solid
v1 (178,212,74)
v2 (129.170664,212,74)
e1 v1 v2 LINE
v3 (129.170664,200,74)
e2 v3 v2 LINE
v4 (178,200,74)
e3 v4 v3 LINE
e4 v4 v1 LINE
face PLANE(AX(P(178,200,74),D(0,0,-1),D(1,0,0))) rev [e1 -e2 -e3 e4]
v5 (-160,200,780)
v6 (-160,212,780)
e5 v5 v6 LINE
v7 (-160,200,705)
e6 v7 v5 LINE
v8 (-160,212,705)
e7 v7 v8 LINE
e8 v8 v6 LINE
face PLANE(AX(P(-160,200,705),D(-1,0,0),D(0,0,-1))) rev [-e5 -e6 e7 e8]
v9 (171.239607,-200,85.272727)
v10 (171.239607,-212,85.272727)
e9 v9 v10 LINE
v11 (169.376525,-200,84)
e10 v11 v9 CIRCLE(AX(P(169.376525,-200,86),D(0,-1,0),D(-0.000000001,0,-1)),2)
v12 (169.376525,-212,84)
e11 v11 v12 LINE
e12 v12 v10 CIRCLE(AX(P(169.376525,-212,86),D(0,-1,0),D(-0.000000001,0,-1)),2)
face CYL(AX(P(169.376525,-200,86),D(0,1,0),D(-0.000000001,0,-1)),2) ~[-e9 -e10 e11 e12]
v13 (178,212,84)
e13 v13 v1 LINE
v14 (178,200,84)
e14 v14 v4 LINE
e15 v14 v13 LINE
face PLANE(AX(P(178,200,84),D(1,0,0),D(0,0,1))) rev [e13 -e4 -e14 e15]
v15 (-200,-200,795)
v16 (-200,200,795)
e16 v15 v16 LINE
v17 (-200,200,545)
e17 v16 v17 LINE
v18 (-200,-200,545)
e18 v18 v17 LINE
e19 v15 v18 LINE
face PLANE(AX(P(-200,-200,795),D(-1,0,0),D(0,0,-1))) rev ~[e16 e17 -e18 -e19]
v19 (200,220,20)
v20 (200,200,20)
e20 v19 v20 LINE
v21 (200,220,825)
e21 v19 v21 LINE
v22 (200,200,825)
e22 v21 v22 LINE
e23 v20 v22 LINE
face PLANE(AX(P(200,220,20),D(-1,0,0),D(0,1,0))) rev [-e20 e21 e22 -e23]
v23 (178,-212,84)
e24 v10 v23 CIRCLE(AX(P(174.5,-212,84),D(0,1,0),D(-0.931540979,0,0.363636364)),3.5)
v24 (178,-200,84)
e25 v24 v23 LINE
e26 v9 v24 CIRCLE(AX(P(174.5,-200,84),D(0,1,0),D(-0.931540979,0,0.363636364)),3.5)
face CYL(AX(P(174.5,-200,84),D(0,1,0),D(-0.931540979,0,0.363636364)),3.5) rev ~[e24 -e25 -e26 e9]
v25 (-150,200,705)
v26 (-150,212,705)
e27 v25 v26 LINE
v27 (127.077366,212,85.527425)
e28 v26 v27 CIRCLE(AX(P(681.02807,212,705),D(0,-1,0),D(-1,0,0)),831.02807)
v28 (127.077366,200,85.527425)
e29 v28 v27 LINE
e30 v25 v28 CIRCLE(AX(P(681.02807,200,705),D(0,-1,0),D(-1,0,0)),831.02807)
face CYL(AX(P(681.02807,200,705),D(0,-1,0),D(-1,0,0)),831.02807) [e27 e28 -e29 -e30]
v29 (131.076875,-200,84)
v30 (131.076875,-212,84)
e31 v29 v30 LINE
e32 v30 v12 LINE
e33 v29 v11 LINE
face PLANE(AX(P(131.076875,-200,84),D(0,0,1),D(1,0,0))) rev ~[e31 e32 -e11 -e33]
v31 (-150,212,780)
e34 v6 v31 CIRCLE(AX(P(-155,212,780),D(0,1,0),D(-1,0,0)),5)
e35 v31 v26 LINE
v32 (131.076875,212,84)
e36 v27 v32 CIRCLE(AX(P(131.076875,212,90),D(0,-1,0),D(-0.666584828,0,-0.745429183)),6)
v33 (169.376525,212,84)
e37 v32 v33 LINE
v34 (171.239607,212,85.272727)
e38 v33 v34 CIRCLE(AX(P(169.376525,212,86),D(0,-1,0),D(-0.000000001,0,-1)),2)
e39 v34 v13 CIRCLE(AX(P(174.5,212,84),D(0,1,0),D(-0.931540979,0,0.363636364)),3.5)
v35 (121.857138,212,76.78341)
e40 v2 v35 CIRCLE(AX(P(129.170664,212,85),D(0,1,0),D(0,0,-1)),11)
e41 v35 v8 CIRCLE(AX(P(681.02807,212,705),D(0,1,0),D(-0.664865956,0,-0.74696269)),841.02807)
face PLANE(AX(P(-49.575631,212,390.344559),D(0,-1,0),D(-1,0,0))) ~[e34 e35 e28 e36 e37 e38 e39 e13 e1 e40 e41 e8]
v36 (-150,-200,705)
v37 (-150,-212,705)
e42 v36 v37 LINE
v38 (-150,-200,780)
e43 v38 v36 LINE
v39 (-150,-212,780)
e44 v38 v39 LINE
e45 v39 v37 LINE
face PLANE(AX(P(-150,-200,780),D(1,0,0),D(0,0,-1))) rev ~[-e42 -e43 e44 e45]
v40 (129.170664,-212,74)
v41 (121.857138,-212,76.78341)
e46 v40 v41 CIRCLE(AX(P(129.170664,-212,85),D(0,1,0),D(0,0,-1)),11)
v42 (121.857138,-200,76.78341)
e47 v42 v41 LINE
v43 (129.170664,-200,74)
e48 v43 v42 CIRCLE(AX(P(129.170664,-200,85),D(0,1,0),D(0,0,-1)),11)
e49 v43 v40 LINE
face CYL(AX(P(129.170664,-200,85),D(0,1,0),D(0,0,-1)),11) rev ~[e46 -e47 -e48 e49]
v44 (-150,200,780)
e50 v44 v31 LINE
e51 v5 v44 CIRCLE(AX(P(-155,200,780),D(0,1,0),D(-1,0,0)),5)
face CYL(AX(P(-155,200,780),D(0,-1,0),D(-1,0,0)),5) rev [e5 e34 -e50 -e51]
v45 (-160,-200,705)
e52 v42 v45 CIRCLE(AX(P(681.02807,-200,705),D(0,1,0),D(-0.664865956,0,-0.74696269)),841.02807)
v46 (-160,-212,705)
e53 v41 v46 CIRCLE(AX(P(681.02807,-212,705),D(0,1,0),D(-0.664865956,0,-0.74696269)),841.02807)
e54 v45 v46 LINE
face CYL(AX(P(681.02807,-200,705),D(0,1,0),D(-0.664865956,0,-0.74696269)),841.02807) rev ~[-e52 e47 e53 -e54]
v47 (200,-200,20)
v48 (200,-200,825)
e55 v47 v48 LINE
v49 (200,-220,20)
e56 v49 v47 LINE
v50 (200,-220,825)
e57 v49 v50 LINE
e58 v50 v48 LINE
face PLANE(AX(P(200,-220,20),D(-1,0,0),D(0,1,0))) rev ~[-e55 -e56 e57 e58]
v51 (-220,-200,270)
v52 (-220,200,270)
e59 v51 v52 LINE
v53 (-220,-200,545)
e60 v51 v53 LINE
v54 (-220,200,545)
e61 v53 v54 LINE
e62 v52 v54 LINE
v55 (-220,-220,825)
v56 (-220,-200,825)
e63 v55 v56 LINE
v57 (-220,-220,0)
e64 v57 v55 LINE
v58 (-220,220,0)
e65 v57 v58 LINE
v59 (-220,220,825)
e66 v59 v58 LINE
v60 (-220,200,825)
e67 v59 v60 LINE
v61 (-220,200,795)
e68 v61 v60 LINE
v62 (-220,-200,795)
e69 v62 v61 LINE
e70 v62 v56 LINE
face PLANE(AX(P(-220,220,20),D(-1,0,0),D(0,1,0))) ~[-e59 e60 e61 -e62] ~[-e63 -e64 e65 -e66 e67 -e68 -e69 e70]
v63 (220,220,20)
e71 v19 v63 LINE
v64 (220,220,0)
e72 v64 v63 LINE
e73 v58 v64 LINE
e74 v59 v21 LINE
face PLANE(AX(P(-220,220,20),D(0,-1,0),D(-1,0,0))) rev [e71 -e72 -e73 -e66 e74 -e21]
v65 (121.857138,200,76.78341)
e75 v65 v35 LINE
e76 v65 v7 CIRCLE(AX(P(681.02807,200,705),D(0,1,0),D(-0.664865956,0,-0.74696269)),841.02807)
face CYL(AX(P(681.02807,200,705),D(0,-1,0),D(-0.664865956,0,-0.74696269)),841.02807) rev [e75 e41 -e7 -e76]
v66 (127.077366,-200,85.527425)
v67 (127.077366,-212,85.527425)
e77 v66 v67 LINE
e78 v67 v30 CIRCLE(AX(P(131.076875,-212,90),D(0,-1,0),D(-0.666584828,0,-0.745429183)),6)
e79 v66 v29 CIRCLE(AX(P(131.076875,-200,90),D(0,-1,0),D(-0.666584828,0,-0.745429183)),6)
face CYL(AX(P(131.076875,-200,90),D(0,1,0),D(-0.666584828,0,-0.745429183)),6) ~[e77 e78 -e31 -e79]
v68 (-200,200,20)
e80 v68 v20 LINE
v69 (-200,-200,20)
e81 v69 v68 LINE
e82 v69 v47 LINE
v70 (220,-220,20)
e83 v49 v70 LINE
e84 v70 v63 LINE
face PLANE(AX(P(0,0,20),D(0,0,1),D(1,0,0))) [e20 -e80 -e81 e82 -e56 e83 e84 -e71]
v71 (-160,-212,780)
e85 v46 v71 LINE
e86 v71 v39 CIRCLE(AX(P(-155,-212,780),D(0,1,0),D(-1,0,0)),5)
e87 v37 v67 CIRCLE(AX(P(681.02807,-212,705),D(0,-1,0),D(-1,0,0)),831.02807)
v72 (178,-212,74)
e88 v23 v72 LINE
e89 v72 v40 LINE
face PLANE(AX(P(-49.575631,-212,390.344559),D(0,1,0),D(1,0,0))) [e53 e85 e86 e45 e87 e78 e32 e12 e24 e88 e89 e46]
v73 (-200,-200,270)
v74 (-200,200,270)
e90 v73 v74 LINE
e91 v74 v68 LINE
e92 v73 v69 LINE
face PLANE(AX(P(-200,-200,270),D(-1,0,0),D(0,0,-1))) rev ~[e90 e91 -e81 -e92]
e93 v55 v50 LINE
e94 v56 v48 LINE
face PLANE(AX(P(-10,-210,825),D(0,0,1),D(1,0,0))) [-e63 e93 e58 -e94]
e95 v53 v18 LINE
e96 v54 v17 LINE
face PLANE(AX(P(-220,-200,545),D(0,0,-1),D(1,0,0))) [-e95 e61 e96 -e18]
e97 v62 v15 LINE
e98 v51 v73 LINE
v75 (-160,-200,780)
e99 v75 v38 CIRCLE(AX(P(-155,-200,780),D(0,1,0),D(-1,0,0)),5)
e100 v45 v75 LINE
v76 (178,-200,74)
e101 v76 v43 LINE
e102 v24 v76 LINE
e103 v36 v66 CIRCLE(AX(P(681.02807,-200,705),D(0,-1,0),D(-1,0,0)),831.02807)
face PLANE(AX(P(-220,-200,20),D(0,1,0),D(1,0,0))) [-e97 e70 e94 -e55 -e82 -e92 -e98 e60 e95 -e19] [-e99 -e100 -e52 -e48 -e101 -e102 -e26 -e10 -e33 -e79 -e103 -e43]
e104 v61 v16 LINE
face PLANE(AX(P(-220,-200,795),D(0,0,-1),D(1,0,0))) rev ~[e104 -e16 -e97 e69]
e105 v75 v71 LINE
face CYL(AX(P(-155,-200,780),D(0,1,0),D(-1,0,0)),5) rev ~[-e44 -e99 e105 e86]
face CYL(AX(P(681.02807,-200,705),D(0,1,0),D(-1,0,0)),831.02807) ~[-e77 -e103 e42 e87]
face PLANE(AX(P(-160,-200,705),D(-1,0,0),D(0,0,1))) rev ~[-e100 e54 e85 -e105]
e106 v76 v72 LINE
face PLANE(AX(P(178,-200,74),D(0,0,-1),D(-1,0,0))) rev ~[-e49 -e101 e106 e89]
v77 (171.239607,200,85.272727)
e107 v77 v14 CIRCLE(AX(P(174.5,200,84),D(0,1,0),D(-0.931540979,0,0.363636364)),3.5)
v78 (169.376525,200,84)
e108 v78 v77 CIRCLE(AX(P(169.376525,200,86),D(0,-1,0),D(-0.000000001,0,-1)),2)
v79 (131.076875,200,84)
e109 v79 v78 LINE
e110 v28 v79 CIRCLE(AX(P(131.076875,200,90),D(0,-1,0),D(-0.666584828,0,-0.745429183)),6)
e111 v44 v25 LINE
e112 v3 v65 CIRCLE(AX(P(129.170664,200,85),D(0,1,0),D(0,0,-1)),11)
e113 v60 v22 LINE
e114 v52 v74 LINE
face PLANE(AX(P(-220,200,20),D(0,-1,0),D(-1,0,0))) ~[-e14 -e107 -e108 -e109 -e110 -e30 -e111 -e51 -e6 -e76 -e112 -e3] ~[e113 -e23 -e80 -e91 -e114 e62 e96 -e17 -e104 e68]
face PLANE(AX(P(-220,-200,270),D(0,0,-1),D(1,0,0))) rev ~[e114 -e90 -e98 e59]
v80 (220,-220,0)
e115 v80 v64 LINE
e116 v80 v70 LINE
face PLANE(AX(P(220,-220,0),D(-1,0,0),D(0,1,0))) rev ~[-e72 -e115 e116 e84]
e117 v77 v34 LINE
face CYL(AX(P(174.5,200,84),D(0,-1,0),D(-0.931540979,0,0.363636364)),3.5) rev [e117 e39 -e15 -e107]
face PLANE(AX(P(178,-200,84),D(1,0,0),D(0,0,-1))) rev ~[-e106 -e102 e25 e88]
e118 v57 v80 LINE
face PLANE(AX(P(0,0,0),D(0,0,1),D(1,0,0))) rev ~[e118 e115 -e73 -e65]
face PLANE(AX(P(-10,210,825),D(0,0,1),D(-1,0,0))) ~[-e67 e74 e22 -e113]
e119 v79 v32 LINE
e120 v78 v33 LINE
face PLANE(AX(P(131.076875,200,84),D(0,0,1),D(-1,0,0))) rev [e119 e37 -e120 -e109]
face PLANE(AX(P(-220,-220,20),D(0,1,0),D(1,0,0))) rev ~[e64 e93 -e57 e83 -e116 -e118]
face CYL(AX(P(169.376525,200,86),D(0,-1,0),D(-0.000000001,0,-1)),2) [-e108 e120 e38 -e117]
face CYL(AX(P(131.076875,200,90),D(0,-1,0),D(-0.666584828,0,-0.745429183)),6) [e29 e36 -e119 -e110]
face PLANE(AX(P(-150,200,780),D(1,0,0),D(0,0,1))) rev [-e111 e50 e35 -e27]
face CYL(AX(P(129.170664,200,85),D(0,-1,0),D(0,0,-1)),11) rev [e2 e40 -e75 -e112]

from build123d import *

# Parameters (mm, degrees)
SKETCH1_W           = 440
SKETCH1_H           = 440
BOSS_EXTRUDE1_DEPTH = 20
SKETCH2_W           = 420
SKETCH2_H           = 20
BOSS_EXTRUDE2_DEPTH = 805
SKETCH3_W           = 20
SKETCH3_H           = 250
BOSS_EXTRUDE3_DEPTH = 400
SKETCH4_W           = 20
SKETCH4_H           = 250
BOSS_EXTRUDE4_DEPTH = 400
CUT_EXTRUDE1_DEPTH  = 12


with BuildPart() as part:
    # Sketch1 → Boss-Extrude1 (new body)
    with BuildSketch(Plane.XY):
        Rectangle(SKETCH1_W, SKETCH1_H)
    extrude(amount=BOSS_EXTRUDE1_DEPTH)

    # Sketch2 → Boss-Extrude2 (add)
    with BuildSketch(Plane.XY.offset(20)):
        with Locations((-10, -210)):
            Rectangle(SKETCH2_W, SKETCH2_H)
    boss_extrude2 = extrude(amount=BOSS_EXTRUDE2_DEPTH)

    # Sketch3 → Boss-Extrude3 (add)
    with BuildSketch(Plane(origin=(0, -200, 0), x_dir=(1, 0, 0), z_dir=(0, 1, 0))):
        with Locations((-210, -145)):
            Rectangle(SKETCH3_W, SKETCH3_H)
    extrude(amount=BOSS_EXTRUDE3_DEPTH)

    # Sketch4 → Boss-Extrude4 (add)
    with BuildSketch(Plane(origin=(0, -200, 0), x_dir=(1, 0, 0), z_dir=(0, 1, 0))):
        with Locations((-210, -670)):
            Rectangle(SKETCH4_W, SKETCH4_H)
    extrude(amount=BOSS_EXTRUDE4_DEPTH)

    # Sketch5 → Cut-Extrude1 (cut)
    with BuildSketch(Plane(origin=(0, -200, 0), x_dir=(1, 0, 0), z_dir=(0, 1, 0))):
        with BuildLine():
            ThreePointArc((-150, -705), (-77.574670949, -365.69256628), (127.077366481, -85.527424904))
            ThreePointArc((127.077366481, -85.527424904), (128.936250611, -84.394848326), (131.076875452, -84))
            Line((131.076875452, -84), (169.376524617, -84))
            ThreePointArc((169.376524617, -84), (170.504676767, -84.348554352), (171.239606574, -85.272727273))
            ThreePointArc((171.239606574, -85.272727273), (175.147542667, -87.43957679), (178, -84))
            Line((178, -84), (178, -74))
            Line((178, -74), (129.170663521, -74))
            ThreePointArc((129.170663521, -74), (125.25802282, -74.719375372), (121.857138002, -76.783410411))
            ThreePointArc((121.857138002, -76.783410411), (-86.307144971, -360.725571064), (-160, -705))
            Line((-160, -705), (-160, -780))
            ThreePointArc((-160, -780), (-155, -785), (-150, -780))
            Line((-150, -780), (-150, -705))
        make_face()
    cut_extrude1 = extrude(amount=-CUT_EXTRUDE1_DEPTH, mode=Mode.SUBTRACT)

    # Mirror1: Boss-Extrude2, Cut-Extrude1 across plane
    add(boss_extrude2.mirror(Plane.ZX))
    add(cut_extrude1.mirror(Plane.ZX), mode=Mode.SUBTRACT)


solid = part.part
